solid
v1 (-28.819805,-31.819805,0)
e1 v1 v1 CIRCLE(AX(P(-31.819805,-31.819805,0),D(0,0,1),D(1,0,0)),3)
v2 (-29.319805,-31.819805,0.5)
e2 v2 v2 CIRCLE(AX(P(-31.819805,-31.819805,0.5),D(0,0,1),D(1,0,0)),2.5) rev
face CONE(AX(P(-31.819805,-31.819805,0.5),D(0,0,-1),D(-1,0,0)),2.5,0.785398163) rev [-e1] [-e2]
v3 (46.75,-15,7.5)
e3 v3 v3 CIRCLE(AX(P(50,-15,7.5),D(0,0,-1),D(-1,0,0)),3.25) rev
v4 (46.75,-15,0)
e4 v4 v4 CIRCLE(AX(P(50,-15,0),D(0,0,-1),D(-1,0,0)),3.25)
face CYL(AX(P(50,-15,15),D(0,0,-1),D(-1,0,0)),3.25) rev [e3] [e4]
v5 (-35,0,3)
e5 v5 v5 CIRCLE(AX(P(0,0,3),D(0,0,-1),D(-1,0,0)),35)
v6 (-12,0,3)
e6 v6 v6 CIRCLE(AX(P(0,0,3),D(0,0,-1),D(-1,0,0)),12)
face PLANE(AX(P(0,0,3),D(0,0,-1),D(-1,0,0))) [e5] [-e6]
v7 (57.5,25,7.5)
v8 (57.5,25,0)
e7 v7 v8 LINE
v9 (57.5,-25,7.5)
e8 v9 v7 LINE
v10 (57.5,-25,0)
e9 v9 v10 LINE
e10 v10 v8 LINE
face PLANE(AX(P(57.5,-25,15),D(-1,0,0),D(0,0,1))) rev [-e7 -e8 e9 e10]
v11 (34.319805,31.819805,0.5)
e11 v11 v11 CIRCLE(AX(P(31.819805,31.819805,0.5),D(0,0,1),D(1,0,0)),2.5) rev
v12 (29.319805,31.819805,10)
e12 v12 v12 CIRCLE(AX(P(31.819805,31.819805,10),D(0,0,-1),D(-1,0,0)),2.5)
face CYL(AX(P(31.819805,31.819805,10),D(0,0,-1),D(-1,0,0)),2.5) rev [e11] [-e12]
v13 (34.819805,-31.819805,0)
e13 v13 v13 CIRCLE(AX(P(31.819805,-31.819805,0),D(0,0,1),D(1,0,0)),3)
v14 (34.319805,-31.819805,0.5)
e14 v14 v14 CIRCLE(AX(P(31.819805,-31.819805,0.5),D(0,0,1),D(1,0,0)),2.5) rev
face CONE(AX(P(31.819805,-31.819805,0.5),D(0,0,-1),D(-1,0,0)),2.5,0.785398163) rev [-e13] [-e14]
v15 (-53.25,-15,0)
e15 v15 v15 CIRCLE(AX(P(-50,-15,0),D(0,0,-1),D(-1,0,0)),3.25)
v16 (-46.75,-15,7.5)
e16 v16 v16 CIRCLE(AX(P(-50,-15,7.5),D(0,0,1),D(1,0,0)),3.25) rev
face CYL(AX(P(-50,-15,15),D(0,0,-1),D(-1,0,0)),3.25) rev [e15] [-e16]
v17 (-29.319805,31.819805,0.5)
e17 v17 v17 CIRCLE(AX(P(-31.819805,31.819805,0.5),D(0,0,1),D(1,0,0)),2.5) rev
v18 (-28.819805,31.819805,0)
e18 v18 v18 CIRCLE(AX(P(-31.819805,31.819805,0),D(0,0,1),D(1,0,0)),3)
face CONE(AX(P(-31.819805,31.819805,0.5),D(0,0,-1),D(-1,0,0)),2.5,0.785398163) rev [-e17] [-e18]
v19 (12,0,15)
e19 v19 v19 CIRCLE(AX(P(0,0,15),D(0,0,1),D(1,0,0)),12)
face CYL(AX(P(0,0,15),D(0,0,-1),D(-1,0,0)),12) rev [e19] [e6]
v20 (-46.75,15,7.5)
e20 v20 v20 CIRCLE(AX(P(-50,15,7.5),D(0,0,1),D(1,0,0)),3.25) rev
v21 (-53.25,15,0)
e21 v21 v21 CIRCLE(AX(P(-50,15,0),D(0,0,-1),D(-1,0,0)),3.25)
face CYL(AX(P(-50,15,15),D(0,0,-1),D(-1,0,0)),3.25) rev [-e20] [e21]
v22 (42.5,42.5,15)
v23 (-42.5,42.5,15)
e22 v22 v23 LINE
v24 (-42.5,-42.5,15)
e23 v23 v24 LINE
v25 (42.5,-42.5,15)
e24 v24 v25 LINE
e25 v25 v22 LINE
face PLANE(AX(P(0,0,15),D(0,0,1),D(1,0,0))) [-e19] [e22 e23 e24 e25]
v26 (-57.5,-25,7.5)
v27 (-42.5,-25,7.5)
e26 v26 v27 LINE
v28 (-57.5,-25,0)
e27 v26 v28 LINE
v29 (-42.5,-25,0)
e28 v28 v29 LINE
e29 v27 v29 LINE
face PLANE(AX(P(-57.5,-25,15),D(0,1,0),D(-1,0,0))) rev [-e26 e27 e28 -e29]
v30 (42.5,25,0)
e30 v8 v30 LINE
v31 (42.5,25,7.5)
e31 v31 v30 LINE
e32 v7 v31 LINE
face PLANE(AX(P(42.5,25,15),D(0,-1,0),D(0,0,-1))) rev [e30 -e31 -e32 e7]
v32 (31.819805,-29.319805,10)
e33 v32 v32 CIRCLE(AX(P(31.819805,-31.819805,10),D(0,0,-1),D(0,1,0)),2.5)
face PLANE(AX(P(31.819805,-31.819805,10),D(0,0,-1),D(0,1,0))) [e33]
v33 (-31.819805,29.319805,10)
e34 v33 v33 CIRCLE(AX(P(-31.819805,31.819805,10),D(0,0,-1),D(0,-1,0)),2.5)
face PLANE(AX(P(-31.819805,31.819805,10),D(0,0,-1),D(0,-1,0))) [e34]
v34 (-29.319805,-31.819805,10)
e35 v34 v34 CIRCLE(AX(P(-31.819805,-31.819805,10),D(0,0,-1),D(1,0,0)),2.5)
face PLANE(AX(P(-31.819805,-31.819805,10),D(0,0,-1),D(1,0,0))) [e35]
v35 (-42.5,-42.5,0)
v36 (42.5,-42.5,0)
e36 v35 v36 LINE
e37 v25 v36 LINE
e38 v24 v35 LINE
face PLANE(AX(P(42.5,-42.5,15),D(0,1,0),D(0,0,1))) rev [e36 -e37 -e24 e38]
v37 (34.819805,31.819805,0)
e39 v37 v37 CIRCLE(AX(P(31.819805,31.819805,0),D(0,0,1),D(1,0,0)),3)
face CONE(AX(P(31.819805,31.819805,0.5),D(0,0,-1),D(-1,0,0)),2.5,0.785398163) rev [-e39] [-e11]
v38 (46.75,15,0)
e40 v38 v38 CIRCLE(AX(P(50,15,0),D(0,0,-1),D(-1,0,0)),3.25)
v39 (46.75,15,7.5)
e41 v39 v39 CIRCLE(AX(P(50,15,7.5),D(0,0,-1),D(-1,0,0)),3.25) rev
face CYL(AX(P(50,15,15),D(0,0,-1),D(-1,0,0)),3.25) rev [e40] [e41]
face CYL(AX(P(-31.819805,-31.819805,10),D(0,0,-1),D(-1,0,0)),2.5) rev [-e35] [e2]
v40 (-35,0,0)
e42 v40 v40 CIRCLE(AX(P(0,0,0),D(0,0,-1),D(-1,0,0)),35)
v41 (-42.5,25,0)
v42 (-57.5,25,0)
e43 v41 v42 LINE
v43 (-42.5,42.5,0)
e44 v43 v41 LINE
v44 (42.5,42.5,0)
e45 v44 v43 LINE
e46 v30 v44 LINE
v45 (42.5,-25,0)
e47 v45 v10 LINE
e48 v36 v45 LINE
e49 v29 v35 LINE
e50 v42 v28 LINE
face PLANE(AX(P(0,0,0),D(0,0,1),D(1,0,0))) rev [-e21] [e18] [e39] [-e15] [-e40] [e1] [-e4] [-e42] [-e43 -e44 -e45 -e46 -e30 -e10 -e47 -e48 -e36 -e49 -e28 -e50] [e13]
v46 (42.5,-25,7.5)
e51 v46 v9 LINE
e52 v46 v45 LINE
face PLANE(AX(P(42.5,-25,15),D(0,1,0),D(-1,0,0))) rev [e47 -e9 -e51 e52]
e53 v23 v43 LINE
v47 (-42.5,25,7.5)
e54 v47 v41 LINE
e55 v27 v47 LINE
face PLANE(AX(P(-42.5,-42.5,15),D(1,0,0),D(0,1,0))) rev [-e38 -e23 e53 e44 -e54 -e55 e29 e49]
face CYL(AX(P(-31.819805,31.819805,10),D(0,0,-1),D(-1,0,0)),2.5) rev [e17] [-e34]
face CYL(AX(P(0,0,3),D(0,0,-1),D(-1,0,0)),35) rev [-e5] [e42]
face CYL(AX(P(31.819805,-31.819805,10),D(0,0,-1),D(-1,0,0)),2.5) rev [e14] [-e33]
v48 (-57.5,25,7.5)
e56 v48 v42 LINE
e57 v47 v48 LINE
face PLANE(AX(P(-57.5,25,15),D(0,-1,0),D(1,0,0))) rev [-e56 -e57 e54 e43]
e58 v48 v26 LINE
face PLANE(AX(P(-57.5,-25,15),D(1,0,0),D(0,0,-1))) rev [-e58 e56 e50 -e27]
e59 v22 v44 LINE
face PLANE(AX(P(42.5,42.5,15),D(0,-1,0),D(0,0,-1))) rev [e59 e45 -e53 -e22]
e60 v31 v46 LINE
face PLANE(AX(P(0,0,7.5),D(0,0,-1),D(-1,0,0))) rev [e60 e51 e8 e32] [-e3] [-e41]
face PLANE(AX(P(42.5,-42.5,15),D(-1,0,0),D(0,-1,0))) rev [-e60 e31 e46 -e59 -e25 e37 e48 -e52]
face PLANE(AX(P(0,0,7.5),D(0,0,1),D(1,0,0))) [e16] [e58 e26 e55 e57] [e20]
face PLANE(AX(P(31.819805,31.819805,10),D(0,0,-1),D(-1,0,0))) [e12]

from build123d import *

# Parameters (mm, degrees)
SZKIC1_R                    = 12
DODANIE_WYCI_GNI_CIE1_DEPTH = 15
SZKIC6_R                    = 3.25
WYTNIJ_WYCI_GNI_CIE5_DEPTH  = 74.058195981
SZKIC8_W                    = 15
SZKIC8_H                    = 50
WYTNIJ_WYCI_GNI_CIE6_DEPTH  = 7.5
SZKIC9_R                    = 2.5
WYTNIJ_WYCI_GNI_CIE7_DEPTH  = 10
SZYK_KO_OWY1_COUNT          = 4
SFAZOWANIE1_SIZE            = 0.5
SZKIC10_R                   = 35
WYTNIJ_WYCI_GNI_CIE8_DEPTH  = 3


with BuildPart() as part:
    # Szkic1 → Dodanie-wyciągnięcie1 (new body)
    with BuildSketch(Plane.XY):
        Polygon((42.5, 25), (42.5, 42.5), (-42.5, 42.5), (-42.5, 25), (-57.5, 25), (-57.5, -25), (-42.5, -25), (-42.5, -42.5), (42.5, -42.5), (42.5, -25), (57.5, -25), (57.5, 25), align=None)
        Circle(SZKIC1_R, mode=Mode.SUBTRACT)
    extrude(amount=DODANIE_WYCI_GNI_CIE1_DEPTH)

    # Szkic6 → Wytnij-wyciągnięcie5 (cut, through all)
    with BuildSketch(Plane(origin=(0, 0, 0), x_dir=(-1, 0, 0), z_dir=(0, 0, -1))):
        with Locations((-50, -15)):
            Circle(SZKIC6_R)
        with Locations((-50, 15)):
            Circle(SZKIC6_R)
        with Locations((50, 15)):
            Circle(SZKIC6_R)
        with Locations((50, -15)):
            Circle(SZKIC6_R)
    extrude(amount=-WYTNIJ_WYCI_GNI_CIE5_DEPTH, mode=Mode.SUBTRACT)

    # Szkic8 → Wytnij-wyciągnięcie6 (cut)
    with BuildSketch(Plane.XY.offset(15)):
        with Locations((-50, 0)):
            Rectangle(SZKIC8_W, SZKIC8_H)
        with Locations((50, 0)):
            Rectangle(SZKIC8_W, SZKIC8_H)
    extrude(amount=-WYTNIJ_WYCI_GNI_CIE6_DEPTH, mode=Mode.SUBTRACT)

    # Szkic9 → Wytnij-wyciągnięcie7 (cut)
    with BuildSketch(Plane(origin=(0, 0, 0), x_dir=(-1, 0, 0), z_dir=(0, 0, -1))):
        with Locations((-31.819805153, 31.819805153)):
            Circle(SZKIC9_R)
    wytnij_wyci_gni_cie7 = extrude(amount=-WYTNIJ_WYCI_GNI_CIE7_DEPTH, mode=Mode.SUBTRACT)

    # Szyk kołowy1: Wytnij-wyciągnięcie7 ×4 about axis
    szyk_ko_owy1_axis = Axis((0, 0, 15), (0, 0, -1))
    for i in range(1, SZYK_KO_OWY1_COUNT):
        add(wytnij_wyci_gni_cie7.rotate(szyk_ko_owy1_axis, i * 360 / SZYK_KO_OWY1_COUNT), mode=Mode.SUBTRACT)

    # Sfazowanie1
    sfazowanie1_edges = [part.edges().sort_by_distance(p)[0] for p in [
        (34.319805153, 31.819805153, 0),
        (31.819805153, -34.319805153, 0),
        (-34.319805153, -31.819805153, 0),
        (-31.819805153, 34.319805153, 0),
    ]]
    chamfer(sfazowanie1_edges, length=SFAZOWANIE1_SIZE)

    # Szkic10 → Wytnij-wyciągnięcie8 (cut)
    with BuildSketch(Plane(origin=(0, 0, 0), x_dir=(-1, 0, 0), z_dir=(0, 0, -1))):
        Circle(SZKIC10_R)
    extrude(amount=-WYTNIJ_WYCI_GNI_CIE8_DEPTH, mode=Mode.SUBTRACT)


solid = part.part
